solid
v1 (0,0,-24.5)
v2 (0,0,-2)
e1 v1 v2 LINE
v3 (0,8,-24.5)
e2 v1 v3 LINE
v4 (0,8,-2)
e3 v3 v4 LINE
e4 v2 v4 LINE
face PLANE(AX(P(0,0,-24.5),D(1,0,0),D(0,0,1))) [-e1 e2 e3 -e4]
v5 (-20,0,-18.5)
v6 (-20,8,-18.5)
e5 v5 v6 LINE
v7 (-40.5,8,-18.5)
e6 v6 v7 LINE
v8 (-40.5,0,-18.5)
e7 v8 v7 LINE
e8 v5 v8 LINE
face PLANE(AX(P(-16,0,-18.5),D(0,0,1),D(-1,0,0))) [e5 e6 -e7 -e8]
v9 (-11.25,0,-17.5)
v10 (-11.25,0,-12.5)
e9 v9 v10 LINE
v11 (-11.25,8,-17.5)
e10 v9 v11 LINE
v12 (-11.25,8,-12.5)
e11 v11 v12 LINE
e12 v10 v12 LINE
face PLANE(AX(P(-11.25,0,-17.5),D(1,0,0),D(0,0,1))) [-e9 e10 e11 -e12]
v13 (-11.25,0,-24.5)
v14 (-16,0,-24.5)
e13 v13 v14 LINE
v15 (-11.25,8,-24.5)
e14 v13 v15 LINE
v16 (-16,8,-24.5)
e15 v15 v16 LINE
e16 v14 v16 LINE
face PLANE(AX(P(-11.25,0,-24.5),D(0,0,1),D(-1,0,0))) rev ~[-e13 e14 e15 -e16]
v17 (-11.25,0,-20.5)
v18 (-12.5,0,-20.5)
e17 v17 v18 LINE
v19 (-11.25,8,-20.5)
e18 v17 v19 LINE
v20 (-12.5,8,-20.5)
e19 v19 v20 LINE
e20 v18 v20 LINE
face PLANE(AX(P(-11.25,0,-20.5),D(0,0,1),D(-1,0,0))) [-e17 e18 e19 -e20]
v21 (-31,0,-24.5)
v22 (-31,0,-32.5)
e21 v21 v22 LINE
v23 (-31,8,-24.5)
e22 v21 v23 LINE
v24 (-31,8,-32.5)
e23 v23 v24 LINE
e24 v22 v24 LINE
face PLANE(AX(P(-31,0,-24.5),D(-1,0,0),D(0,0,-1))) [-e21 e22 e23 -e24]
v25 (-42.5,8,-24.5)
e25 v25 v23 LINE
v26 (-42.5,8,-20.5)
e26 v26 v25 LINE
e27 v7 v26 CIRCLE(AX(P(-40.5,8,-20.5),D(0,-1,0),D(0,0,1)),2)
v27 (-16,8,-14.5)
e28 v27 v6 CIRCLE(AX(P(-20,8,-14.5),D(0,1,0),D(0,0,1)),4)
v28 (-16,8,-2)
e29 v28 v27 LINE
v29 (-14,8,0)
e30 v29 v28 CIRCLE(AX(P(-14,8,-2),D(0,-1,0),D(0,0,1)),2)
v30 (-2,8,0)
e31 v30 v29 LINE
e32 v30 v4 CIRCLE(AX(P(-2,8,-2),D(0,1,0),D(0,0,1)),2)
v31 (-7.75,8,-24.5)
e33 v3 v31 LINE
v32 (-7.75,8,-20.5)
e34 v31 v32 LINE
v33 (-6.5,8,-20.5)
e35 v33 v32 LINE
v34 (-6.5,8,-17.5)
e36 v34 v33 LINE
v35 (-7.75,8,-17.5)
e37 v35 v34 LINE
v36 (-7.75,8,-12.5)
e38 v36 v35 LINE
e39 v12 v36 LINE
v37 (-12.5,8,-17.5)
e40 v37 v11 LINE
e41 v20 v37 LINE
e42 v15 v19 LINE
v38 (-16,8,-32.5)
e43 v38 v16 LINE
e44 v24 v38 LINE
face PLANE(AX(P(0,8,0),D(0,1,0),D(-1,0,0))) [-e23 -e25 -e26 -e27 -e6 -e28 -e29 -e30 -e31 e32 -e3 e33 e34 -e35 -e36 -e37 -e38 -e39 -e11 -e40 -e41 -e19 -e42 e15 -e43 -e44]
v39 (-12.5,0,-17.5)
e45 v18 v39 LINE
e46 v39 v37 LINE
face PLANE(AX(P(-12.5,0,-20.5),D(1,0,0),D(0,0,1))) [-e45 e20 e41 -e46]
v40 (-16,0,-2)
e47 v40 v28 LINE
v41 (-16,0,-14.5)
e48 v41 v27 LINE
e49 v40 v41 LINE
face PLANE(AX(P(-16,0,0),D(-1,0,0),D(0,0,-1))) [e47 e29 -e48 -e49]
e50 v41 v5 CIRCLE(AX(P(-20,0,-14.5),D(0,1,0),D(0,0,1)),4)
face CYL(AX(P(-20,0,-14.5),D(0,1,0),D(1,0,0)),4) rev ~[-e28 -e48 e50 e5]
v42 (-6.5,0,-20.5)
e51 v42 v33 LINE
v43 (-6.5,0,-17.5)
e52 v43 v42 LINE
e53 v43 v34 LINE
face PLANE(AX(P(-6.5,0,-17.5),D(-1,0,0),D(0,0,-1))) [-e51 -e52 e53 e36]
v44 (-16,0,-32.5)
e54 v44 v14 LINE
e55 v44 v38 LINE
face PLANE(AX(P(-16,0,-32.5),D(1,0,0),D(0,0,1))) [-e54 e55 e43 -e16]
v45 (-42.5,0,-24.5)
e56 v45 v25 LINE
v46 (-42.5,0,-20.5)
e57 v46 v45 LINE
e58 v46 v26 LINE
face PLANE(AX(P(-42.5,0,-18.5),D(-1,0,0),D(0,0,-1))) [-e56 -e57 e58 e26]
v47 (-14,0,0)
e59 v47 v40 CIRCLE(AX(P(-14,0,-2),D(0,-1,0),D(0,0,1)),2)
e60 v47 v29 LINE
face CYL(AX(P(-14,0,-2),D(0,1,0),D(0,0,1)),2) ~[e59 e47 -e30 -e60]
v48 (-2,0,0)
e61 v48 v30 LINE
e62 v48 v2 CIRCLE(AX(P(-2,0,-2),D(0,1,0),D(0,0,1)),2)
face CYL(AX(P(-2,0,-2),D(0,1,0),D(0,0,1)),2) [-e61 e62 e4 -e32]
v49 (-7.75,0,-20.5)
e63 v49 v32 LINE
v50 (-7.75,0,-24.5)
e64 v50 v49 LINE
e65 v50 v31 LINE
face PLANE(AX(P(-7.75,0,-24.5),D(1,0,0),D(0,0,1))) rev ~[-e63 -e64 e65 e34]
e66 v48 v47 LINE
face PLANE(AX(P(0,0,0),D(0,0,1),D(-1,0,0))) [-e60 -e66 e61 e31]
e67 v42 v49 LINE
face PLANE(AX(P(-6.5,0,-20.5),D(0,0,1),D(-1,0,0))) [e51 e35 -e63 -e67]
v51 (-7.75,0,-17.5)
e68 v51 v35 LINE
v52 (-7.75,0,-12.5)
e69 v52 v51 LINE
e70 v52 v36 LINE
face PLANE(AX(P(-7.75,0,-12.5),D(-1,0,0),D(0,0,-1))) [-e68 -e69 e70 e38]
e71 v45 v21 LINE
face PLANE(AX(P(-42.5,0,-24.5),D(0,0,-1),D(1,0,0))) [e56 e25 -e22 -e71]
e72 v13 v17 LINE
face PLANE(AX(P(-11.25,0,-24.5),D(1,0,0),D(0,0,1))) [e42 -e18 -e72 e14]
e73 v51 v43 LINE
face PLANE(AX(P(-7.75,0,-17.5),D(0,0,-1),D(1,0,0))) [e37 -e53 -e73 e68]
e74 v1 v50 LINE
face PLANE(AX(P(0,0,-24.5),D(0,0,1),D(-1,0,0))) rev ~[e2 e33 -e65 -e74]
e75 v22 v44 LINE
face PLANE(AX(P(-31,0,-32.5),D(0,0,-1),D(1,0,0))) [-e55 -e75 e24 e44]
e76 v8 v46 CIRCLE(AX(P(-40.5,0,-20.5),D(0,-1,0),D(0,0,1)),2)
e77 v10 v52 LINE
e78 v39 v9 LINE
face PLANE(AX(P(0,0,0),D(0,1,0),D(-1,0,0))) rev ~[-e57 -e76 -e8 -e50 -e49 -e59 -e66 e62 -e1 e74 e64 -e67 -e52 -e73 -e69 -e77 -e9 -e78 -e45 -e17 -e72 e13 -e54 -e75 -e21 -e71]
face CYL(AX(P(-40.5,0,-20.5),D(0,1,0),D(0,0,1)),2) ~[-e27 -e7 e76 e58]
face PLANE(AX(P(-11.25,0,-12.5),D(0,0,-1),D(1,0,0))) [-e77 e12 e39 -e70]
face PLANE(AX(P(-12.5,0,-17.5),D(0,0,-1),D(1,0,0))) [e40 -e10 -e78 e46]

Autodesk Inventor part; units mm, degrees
ref_plane "YZ Plane" through (0, 0, 0) normal (1, 0, 0) x (0, 1, 0)
sketch "Sketch1" plane through (0, 0, 0) normal (0, 1, 0) x (-1, 0, 0)
  line L0 (0, 0) -> (16, 0)
  line L1 (16, 0) -> (16, -18.5)
  line L2 (0, -24.5) -> (0, 0)
  line L3 (0, -24.5) -> (16, -24.5)
  line L4 (11.25, -24.5) -> (11.25, -20.5)
  line L5 (11.25, -20.5) -> (12.5, -20.5)
  line L6 (12.5, -20.5) -> (12.5, -17.5)
  line L7 (12.5, -17.5) -> (11.25, -17.5)
  line L8 (11.25, -17.5) -> (11.25, -12.5)
  line L9 (11.25, -12.5) -> (7.75, -12.5)
  line L10 (7.75, -12.5) -> (7.75, -17.5)
  line L11 (7.75, -17.5) -> (6.5, -17.5)
  line L12 (6.5, -17.5) -> (6.5, -20.5)
  line L13 (6.5, -20.5) -> (7.75, -20.5)
  line L14 (7.75, -24.5) -> (7.75, -20.5)
  line L15 (16, -18.5) -> (42.5, -18.5)
  line L16 (42.5, -18.5) -> (42.5, -24.5)
  line L17 (42.5, -24.5) -> (31, -24.5)
  line L18 (31, -24.5) -> (31, -32.5)
  line L19 (31, -32.5) -> (16, -32.5)
  line L20 (16, -32.5) -> (16, -24.5)
  line L21 (9.5, -12.5) -> (9.5, -24.5) construction
  dimension "d0" = 24.5
  dimension "d1" = 16
  dimension "d4" = 3.5
  dimension "d5" = 6
  dimension "d6" = 4
  dimension "d7" = 3
  dimension "d8" = 5
  dimension "d23" = 7.75
  dimension "d24" = 6
  dimension "d25" = 14
  dimension "d26" = 42.5
  dimension "d27" = 11.5
  dimension "d28" = 15
  dimension "d29" = 32.5
extrude "Extrusion1" add sketch "Sketch1" along normal blind 8 contours L0 L1 L15 L16 L17 L18 L19 L20 L3 L4 L5 L6 L7 L8 L9 L10 L11 L12 L13 L14 L2
fillet "Fillet1" radius 2 3 edges at (-16, 4, 0) (0, 4, 0) (-42.5, 4, -18.5)
fillet "Fillet2" radius 4 1 edges at (-16, 4, -18.5)
ref_plane "Work Plane1" through (0, 4, 0) normal (0, 1, 0) x (-1, 0, 0)
ref_plane "Work Plane2" through (-9.5, 0, -12.5) normal (1, 0, 0) x (0, 0, -1)
equation "\"d31\" = 0.5 * THICKNESS"
equation "\"THICKNESS\" = 8"
properties part number "A8-0017"
